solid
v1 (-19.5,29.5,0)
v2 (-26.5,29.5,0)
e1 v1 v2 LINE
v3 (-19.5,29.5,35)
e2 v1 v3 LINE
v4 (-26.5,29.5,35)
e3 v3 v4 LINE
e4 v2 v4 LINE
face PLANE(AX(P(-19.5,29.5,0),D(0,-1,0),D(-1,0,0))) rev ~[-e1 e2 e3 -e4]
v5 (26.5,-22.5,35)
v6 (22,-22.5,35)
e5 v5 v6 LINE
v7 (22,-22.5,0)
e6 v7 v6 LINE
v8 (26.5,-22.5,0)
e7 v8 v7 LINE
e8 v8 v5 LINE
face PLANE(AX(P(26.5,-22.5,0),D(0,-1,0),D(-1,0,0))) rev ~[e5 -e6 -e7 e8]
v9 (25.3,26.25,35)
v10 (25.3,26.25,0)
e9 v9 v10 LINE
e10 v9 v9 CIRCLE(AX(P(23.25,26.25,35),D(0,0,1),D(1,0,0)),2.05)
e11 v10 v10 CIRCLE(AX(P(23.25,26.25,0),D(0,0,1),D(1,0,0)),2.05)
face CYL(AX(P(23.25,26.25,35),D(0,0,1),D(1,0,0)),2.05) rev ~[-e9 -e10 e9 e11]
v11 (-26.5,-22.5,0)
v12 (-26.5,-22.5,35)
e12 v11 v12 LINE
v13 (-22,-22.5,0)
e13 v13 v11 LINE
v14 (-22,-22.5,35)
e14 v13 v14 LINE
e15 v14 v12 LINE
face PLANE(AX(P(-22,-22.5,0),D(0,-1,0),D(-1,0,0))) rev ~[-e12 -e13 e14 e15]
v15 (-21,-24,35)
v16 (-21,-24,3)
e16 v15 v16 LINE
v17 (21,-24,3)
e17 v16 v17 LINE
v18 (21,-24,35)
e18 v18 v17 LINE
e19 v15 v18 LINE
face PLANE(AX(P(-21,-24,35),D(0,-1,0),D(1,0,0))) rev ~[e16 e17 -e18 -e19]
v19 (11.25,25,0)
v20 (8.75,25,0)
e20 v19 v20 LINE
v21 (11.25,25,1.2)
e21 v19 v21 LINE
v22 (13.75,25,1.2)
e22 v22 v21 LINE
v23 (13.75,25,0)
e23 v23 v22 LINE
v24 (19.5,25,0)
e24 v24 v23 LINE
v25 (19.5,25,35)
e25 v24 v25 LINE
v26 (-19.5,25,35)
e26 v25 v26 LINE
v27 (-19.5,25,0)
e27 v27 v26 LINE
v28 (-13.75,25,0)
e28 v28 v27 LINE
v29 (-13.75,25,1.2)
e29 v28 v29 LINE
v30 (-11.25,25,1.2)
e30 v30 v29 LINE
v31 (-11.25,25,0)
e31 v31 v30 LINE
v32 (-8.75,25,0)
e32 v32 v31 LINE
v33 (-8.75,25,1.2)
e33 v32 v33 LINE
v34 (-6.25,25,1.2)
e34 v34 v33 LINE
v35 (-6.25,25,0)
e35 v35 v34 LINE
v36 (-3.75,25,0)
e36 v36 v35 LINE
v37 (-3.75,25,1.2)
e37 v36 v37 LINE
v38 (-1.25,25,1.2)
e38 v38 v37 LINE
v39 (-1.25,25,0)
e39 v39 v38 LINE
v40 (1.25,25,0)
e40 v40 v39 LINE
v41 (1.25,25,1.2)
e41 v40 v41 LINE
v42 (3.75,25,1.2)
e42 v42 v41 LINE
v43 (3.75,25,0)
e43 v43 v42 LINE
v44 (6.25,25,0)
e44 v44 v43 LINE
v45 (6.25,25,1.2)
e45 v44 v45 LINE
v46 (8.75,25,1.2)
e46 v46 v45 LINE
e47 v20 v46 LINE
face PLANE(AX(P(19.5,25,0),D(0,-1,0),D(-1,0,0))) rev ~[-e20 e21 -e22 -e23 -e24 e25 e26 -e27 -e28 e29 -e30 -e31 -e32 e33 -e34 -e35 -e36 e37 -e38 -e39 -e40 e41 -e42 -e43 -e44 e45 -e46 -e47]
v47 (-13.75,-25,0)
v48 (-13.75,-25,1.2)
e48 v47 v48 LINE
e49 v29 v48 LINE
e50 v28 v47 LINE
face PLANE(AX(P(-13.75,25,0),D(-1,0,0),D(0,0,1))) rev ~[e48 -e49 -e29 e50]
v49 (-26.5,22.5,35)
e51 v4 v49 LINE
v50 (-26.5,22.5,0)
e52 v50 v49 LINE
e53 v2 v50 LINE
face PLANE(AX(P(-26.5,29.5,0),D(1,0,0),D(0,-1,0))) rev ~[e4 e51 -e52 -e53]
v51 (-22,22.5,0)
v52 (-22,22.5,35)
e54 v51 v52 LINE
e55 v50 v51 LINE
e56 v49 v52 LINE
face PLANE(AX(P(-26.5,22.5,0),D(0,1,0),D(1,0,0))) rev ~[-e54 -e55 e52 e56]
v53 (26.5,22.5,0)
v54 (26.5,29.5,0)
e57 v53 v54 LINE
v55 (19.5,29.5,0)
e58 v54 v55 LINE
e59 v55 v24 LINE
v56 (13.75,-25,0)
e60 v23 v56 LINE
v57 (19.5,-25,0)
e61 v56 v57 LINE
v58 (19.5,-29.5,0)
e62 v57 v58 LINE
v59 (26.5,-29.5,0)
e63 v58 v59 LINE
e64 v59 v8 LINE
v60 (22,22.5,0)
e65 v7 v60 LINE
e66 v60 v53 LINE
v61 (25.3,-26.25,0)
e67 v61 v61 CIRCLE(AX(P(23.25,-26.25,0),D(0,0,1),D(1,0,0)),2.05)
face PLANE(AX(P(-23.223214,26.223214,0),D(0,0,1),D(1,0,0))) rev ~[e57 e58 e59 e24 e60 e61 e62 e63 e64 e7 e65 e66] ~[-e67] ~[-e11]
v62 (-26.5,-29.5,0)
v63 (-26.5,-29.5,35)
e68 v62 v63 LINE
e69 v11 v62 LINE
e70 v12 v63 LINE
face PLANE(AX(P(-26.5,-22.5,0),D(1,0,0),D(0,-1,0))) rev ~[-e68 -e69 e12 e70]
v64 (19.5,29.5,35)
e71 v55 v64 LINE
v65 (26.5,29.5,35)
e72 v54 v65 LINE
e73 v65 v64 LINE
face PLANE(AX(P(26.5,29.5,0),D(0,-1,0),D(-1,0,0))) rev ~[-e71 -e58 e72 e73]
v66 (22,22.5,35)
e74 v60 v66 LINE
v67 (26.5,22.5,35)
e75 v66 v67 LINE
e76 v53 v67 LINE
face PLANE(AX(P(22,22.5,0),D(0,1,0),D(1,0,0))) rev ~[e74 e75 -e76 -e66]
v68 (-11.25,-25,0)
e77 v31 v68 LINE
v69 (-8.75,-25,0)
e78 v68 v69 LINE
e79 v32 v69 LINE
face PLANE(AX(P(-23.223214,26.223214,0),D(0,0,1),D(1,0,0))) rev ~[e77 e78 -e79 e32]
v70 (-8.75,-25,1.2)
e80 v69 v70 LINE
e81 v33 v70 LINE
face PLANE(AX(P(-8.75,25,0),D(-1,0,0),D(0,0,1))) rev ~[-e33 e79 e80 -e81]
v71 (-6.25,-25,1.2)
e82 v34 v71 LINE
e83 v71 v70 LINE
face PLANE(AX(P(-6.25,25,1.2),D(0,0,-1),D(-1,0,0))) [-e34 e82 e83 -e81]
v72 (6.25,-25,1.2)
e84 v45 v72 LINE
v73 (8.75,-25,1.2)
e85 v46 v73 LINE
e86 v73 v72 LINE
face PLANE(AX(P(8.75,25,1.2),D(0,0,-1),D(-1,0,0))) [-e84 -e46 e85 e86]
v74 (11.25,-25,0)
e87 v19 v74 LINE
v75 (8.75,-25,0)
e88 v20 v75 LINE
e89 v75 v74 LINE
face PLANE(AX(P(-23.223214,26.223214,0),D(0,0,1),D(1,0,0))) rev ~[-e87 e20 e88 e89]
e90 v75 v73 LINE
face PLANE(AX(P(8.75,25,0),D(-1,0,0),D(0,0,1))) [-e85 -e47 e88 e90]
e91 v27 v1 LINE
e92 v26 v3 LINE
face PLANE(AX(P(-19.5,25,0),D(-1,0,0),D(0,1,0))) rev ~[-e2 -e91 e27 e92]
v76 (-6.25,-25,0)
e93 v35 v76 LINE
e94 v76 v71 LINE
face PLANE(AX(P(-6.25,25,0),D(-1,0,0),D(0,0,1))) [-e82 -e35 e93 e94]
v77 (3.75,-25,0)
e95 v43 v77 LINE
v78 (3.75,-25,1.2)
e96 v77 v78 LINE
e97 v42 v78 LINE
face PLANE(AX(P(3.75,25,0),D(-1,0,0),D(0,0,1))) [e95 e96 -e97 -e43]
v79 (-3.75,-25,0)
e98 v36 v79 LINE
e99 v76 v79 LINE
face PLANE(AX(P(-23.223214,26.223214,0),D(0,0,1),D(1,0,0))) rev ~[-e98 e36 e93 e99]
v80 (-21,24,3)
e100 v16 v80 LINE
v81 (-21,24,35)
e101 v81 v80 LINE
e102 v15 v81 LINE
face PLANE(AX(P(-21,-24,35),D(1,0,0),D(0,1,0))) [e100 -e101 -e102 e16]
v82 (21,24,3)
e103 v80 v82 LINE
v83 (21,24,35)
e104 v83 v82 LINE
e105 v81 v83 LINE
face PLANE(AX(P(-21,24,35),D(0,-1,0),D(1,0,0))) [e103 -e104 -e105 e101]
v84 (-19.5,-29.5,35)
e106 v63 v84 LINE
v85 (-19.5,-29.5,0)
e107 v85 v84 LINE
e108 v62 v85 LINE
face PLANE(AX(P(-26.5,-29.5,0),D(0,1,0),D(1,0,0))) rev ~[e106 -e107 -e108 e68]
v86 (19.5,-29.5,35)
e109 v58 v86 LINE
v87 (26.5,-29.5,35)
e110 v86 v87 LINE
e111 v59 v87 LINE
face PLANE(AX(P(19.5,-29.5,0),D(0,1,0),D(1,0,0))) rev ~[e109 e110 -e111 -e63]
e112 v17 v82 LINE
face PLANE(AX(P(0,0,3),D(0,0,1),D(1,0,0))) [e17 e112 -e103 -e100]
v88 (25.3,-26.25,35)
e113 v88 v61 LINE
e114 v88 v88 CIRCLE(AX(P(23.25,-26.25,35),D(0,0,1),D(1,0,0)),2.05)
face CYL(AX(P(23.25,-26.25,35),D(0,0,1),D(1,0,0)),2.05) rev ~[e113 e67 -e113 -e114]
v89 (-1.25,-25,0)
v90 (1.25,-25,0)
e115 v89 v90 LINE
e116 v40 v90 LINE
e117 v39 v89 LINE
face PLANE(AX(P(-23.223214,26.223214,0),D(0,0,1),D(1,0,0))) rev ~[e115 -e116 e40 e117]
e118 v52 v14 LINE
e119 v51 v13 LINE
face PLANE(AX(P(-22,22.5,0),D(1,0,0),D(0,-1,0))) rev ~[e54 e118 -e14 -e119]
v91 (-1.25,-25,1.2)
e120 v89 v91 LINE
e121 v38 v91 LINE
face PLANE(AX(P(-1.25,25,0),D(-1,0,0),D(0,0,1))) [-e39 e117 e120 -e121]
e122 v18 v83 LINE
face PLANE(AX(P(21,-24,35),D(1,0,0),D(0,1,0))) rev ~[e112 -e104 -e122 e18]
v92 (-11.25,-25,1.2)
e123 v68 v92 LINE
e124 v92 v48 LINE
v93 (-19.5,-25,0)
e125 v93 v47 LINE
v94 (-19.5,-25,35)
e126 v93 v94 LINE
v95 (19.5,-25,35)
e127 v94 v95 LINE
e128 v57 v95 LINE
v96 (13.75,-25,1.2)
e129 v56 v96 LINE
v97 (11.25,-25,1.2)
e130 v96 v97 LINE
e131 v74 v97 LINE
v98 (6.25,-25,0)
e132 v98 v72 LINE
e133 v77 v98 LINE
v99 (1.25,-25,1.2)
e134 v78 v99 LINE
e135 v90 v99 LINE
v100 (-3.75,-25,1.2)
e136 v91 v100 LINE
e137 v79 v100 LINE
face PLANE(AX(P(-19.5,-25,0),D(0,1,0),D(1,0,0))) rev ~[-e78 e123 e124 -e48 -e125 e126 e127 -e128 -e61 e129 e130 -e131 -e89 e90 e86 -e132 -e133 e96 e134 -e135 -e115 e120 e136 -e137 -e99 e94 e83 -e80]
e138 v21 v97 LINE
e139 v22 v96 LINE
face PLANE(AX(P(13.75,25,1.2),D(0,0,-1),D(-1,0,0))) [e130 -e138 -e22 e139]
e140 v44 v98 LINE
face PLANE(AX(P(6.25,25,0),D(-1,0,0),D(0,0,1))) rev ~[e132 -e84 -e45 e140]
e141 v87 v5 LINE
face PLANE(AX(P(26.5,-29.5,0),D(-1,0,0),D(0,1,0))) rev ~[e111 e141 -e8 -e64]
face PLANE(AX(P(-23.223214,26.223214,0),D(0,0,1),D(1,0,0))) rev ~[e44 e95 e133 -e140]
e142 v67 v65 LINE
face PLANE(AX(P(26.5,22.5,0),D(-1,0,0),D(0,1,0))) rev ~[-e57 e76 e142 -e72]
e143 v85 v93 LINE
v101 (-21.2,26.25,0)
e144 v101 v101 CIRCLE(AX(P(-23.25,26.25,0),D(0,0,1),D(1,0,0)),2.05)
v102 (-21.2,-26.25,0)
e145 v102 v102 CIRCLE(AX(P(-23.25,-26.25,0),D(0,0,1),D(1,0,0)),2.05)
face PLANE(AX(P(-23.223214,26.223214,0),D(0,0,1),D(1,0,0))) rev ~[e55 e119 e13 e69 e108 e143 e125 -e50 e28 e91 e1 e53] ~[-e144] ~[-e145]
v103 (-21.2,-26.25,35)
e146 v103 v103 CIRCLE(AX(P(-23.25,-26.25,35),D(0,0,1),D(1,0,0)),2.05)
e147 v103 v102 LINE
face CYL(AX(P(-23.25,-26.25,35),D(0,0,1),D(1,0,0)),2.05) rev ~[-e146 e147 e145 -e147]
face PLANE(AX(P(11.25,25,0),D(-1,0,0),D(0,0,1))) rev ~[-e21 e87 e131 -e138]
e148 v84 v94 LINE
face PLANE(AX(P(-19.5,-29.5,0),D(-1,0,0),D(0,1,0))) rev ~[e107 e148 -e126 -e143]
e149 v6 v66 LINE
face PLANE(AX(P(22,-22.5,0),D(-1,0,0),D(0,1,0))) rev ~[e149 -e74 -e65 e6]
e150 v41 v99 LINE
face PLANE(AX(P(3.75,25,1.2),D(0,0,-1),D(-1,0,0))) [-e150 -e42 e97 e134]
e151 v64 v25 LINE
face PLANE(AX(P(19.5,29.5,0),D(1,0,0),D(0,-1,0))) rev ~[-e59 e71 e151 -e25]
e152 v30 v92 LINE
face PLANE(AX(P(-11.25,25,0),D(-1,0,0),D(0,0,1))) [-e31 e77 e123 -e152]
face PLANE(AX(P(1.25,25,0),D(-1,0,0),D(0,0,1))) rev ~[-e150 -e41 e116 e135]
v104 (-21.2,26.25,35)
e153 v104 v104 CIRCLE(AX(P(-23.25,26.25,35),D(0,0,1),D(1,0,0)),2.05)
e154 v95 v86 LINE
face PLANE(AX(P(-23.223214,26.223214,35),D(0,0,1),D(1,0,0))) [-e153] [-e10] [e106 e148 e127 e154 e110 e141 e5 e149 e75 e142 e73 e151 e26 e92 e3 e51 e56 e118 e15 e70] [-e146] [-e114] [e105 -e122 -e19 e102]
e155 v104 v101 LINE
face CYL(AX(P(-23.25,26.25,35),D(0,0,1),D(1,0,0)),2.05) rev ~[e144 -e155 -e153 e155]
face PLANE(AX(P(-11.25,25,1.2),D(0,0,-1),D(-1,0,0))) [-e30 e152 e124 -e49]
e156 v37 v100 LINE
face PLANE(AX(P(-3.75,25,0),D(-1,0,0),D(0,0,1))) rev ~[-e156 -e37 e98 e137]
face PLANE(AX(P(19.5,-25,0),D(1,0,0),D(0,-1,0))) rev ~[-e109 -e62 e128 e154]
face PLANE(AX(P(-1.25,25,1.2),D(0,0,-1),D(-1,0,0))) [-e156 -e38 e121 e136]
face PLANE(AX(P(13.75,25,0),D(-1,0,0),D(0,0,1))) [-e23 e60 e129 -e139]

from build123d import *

# Parameters (mm, degrees)
F0_W     = 2.5
F0_H     = 2.5
F1_DEPTH = 35
F2_R     = 2.05
F3_DEPTH = 35
F4_W     = 42
F4_H     = 48
F5_DEPTH = 32
F6_W     = 2.5
F6_H     = 1.2
F7_DEPTH = 50


with BuildPart() as f1:
    # F0 (on Top) → F1 (new body)
    with BuildSketch(Plane.XY):
        Polygon((-22, 22.5), (-22, 25), (-19.5, 25), (-19.5, 29.5), (-26.5, 29.5), (-26.5, 22.5), align=None)
        with Locations((-20.75, 23.75)):
            Rectangle(F0_W, F0_H)
        Polygon((19.5, 25), (-19.5, 25), (-19.5, 22.5), (-22, 22.5), (-22, -22.5), (-19.5, -22.5), (-19.5, -25), (19.5, -25), (19.5, -22.5), (22, -22.5), (22, 22.5), (19.5, 22.5), align=None)
        Polygon((19.5, 29.5), (19.5, 25), (22, 25), (22, 22.5), (26.5, 22.5), (26.5, 29.5), align=None)
        with Locations((20.75, 23.75)):
            Rectangle(F0_W, F0_H)
        with Locations((-20.75, -23.75)):
            Rectangle(F0_W, F0_H)
        Polygon((-22, -25), (-22, -22.5), (-26.5, -22.5), (-26.5, -29.5), (-19.5, -29.5), (-19.5, -25), align=None)
        Polygon((26.5, -22.5), (22, -22.5), (22, -25), (19.5, -25), (19.5, -29.5), (26.5, -29.5), align=None)
        with Locations((20.75, -23.75)):
            Rectangle(F0_W, F0_H)
    extrude(amount=F1_DEPTH)

    # F2 (on face) → F3 (cut, through all)
    with BuildSketch(Plane.XY.offset(35)):
        with Locations((-23.25, 26.25)):
            Circle(F2_R)
        with Locations((23.25, 26.25)):
            Circle(F2_R)
        with Locations((-23.25, -26.25)):
            Circle(F2_R)
        with Locations((23.25, -26.25)):
            Circle(F2_R)
    extrude(amount=-F3_DEPTH, mode=Mode.SUBTRACT)

    # F4 (on face) → F5 (cut)
    with BuildSketch(Plane.XY.offset(35)):
        Rectangle(F4_W, F4_H)
    extrude(amount=-F5_DEPTH, mode=Mode.SUBTRACT)

    # F6 (on face) → F7 (cut, through all)
    with BuildSketch(Plane(origin=(0, 25, 0), x_dir=(-1, 0, 0), z_dir=(0, 1, 0))):
        with Locations((12.5, 0.6)):
            Rectangle(F6_W, F6_H)
        with Locations((7.5, 0.6)):
            Rectangle(F6_W, F6_H)
        with Locations((2.5, 0.6)):
            Rectangle(F6_W, F6_H)
        with Locations((-2.5, 0.6)):
            Rectangle(F6_W, F6_H)
        with Locations((-7.5, 0.6)):
            Rectangle(F6_W, F6_H)
        with Locations((-12.5, 0.6)):
            Rectangle(F6_W, F6_H)
    extrude(amount=-F7_DEPTH, mode=Mode.SUBTRACT)


solid = f1.part
